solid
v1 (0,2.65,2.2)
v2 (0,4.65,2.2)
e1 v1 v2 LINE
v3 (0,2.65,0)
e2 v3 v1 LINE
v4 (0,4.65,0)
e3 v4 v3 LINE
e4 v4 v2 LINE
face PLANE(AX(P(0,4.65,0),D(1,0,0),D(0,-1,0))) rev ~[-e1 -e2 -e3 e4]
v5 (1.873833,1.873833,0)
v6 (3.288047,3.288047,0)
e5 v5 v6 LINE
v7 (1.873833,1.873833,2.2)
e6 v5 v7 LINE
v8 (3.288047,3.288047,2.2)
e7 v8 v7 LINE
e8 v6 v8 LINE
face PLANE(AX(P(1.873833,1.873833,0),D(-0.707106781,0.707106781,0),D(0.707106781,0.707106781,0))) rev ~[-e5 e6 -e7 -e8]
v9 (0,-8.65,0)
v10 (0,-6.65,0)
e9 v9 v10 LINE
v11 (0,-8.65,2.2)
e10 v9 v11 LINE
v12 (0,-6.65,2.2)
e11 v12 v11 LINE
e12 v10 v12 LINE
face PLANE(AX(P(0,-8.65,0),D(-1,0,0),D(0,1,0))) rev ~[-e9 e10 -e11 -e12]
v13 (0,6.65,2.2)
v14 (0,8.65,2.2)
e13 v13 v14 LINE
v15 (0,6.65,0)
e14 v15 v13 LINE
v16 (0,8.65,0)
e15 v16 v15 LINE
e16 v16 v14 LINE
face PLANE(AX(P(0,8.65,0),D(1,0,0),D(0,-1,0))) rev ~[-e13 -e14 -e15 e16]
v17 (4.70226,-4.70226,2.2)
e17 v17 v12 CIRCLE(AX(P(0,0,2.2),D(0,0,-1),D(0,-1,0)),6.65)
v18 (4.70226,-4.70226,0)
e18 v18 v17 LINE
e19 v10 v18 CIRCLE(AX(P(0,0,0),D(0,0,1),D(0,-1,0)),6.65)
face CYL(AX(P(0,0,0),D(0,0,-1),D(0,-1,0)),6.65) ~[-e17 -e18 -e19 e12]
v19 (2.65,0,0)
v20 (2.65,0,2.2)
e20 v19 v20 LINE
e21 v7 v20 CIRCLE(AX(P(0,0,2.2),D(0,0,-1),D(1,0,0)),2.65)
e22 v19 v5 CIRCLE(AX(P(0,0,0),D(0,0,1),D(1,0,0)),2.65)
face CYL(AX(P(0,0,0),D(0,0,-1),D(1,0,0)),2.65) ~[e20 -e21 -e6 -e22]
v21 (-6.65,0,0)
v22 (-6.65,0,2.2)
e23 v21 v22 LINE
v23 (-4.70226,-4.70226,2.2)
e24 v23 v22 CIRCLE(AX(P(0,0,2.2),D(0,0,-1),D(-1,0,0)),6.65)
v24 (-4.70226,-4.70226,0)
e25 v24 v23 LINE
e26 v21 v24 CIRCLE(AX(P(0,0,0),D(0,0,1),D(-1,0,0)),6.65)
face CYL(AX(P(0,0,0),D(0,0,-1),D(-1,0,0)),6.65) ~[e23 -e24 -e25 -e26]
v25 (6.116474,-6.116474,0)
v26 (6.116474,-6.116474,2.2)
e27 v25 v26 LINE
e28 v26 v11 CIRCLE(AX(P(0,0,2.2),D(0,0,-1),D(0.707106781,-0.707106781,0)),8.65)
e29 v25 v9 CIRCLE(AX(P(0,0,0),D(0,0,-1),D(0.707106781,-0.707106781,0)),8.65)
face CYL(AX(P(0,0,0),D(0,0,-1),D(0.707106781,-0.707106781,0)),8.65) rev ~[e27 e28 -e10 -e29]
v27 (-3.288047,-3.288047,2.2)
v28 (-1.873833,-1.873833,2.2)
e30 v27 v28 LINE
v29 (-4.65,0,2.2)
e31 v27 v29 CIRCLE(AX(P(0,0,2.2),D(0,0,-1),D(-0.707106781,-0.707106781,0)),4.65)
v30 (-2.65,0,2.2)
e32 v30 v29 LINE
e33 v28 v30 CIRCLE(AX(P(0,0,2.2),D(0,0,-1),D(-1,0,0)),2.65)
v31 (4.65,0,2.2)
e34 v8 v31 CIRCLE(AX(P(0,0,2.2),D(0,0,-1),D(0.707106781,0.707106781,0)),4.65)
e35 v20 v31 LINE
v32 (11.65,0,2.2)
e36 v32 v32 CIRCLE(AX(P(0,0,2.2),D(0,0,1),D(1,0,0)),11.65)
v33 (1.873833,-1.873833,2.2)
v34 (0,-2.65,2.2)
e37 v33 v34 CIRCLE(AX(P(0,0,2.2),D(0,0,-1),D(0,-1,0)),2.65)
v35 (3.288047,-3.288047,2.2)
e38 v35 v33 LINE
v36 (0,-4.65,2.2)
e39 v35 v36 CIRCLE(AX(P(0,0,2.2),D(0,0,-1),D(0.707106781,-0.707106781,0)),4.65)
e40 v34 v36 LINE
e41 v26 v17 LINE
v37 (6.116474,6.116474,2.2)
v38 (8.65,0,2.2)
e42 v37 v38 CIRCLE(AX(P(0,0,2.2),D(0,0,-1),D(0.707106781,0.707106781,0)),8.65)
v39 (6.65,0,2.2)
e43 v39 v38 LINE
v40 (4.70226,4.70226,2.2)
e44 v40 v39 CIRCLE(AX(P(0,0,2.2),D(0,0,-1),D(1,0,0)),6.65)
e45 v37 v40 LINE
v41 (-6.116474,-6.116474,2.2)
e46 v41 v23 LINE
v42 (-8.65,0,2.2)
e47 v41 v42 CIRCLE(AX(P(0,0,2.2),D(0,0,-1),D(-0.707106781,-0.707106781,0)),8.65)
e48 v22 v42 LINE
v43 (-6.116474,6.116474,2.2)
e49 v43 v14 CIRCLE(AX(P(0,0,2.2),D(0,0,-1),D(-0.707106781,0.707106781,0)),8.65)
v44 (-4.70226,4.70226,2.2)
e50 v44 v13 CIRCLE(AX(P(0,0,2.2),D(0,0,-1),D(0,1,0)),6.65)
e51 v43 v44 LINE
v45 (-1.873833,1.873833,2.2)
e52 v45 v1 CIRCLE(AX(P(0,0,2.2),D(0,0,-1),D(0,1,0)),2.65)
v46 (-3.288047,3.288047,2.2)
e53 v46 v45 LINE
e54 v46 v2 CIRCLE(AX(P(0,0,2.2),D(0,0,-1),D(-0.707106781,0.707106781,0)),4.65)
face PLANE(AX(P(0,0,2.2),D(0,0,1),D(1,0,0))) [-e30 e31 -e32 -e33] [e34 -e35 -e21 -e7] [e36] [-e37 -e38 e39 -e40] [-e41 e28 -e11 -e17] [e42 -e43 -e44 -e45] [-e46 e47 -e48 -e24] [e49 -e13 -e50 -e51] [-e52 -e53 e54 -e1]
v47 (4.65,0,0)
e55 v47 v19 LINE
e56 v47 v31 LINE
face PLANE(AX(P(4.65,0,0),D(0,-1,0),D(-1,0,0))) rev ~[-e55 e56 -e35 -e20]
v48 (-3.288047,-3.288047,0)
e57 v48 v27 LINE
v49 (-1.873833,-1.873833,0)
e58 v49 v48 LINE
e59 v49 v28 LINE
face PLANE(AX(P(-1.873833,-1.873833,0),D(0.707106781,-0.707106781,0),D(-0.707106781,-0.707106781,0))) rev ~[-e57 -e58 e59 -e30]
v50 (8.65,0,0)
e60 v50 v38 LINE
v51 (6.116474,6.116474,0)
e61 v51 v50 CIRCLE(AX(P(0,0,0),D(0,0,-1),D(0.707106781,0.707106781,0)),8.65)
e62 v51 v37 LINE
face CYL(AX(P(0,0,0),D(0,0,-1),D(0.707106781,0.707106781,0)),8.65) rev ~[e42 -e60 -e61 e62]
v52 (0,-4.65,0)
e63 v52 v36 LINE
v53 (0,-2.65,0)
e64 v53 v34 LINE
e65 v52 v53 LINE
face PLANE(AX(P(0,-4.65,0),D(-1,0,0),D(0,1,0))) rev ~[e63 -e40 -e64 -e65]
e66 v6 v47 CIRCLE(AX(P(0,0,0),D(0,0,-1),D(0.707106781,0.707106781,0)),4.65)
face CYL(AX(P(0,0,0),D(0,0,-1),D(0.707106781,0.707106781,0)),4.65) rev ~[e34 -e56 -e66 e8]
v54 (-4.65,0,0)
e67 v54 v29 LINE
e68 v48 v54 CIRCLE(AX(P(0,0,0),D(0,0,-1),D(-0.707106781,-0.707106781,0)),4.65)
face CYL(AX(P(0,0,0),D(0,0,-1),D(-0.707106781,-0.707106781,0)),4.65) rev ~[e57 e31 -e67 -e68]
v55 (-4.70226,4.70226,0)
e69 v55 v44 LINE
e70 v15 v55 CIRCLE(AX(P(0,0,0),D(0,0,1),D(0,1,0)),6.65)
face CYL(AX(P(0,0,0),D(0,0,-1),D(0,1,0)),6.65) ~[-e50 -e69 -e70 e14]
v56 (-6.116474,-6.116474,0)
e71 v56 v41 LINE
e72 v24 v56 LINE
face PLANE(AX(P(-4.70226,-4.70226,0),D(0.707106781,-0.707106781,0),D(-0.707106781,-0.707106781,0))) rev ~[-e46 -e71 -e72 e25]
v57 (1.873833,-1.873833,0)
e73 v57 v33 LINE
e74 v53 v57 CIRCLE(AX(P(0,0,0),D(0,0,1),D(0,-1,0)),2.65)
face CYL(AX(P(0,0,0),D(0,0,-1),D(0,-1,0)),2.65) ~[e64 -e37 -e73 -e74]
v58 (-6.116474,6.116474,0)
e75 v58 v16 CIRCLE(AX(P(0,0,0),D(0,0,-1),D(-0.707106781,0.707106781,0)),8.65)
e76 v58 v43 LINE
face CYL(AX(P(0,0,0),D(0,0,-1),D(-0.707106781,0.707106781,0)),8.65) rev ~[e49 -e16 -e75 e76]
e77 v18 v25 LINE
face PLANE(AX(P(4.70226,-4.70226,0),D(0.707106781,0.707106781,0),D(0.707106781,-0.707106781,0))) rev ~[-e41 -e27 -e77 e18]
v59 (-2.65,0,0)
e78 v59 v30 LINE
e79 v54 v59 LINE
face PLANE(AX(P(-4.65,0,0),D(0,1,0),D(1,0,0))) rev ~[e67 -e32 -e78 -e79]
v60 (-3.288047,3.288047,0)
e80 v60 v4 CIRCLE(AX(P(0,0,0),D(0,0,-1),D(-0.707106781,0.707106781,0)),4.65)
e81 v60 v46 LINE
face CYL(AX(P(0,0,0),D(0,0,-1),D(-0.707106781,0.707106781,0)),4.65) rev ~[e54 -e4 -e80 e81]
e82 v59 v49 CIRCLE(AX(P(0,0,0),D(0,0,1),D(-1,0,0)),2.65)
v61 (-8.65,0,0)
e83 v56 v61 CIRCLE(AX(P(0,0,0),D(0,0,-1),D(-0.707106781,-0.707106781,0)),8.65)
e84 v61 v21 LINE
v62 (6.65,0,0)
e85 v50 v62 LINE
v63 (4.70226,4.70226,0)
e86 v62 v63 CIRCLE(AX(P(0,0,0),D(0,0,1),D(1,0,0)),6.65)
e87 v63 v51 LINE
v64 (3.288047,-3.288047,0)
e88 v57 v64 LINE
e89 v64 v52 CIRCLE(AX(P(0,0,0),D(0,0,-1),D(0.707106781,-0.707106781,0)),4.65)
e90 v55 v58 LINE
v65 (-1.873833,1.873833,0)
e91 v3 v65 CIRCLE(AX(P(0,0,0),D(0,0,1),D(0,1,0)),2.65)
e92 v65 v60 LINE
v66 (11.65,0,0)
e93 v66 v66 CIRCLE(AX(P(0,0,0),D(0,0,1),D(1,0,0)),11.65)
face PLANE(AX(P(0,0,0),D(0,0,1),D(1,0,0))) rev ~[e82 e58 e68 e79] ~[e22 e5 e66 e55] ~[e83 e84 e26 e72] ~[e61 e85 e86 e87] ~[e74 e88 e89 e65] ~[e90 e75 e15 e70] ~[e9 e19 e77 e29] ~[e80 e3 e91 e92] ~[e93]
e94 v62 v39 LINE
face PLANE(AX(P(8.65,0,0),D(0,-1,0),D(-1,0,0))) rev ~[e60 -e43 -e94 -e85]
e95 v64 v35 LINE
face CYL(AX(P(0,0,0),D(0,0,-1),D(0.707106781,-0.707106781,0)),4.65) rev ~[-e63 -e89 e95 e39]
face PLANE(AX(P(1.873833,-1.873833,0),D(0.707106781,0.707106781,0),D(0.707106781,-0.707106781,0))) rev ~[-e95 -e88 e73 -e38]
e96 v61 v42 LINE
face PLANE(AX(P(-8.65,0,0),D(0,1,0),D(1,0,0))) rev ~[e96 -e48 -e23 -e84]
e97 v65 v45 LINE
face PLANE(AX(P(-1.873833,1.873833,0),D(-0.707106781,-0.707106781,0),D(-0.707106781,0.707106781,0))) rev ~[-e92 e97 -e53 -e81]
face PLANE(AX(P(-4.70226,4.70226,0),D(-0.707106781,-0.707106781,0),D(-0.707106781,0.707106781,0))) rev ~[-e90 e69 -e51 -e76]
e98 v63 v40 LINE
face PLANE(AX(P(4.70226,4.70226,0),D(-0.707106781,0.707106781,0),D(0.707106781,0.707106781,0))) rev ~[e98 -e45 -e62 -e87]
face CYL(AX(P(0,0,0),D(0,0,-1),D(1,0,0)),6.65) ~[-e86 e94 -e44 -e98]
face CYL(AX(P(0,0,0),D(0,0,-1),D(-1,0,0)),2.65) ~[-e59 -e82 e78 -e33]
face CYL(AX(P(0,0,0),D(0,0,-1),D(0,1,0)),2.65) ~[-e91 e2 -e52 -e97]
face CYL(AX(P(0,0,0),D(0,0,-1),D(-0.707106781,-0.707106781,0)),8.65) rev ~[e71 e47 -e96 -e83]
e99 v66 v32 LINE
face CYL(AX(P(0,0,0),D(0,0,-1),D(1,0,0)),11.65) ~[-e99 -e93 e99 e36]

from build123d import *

# Parameters (mm, degrees)
F0_R     = 11.65
F1_DEPTH = 2.2
F3_DEPTH = 25


with BuildPart() as f1:
    # F0 (on Top) → F1 (new body)
    with BuildSketch(Plane.XY):
        Circle(F0_R)
    extrude(amount=F1_DEPTH)

    # F2 (on face) → F3 (cut)
    with BuildSketch(Plane(origin=(0, 0, 0), x_dir=(1, 0, 0), z_dir=(0, 0, -1))):
        with BuildLine():
            ThreePointArc((-6.1164736573, -6.1164736573), (-3.31021169, -7.9915579562), (0, -8.65))
            Line((0, -8.65), (0, -6.65))
            ThreePointArc((0, -6.65), (-2.5448448252, -6.1437988912), (-4.7022600949, -4.7022600949))
            Line((-4.7022600949, -4.7022600949), (-6.1164736573, -6.1164736573))
        make_face()
        with BuildLine():
            ThreePointArc((-3.2880465325, -3.2880465325), (-1.7794779605, -4.2960398262), (0, -4.65))
            Line((0, -4.65), (0, -2.65))
            ThreePointArc((0, -2.65), (-1.0141110958, -2.4482807612), (-1.8738329701, -1.8738329701))
            Line((-1.8738329701, -1.8738329701), (-3.2880465325, -3.2880465325))
        make_face()
        with BuildLine():
            ThreePointArc((6.1164736573, -6.1164736573), (7.9915579562, -3.31021169), (8.65, 0))
            Line((8.65, 0), (6.65, 0))
            ThreePointArc((6.65, 0), (6.1437988912, -2.5448448252), (4.7022600949, -4.7022600949))
            Line((4.7022600949, -4.7022600949), (6.1164736573, -6.1164736573))
        make_face()
        with BuildLine():
            ThreePointArc((3.2880465325, -3.2880465325), (4.2960398262, -1.7794779605), (4.65, 0))
            Line((4.65, 0), (2.65, 0))
            ThreePointArc((2.65, 0), (2.4482807612, -1.0141110958), (1.8738329701, -1.8738329701))
            Line((1.8738329701, -1.8738329701), (3.2880465325, -3.2880465325))
        make_face()
        with BuildLine():
            Line((4.7022600949, 4.7022600949), (6.1164736573, 6.1164736573))
            ThreePointArc((6.1164736573, 6.1164736573), (3.31021169, 7.9915579562), (0, 8.65))
            Line((0, 8.65), (0, 6.65))
            ThreePointArc((0, 6.65), (2.5448448252, 6.1437988912), (4.7022600949, 4.7022600949))
        make_face()
        with BuildLine():
            Line((1.8738329701, 1.8738329701), (3.2880465325, 3.2880465325))
            ThreePointArc((3.2880465325, 3.2880465325), (1.7794779605, 4.2960398262), (0, 4.65))
            Line((0, 4.65), (0, 2.65))
            ThreePointArc((0, 2.65), (1.0141110958, 2.4482807612), (1.8738329701, 1.8738329701))
        make_face()
        with BuildLine():
            Line((-1.8738329701, 1.8738329701), (-3.2880465325, 3.2880465325))
            ThreePointArc((-3.2880465325, 3.2880465325), (-4.2960398262, 1.7794779605), (-4.65, 0))
            Line((-4.65, 0), (-2.65, 0))
            ThreePointArc((-2.65, 0), (-2.4482807612, 1.0141110958), (-1.8738329701, 1.8738329701))
        make_face()
        with BuildLine():
            Line((-4.7022600949, 4.7022600949), (-6.1164736573, 6.1164736573))
            ThreePointArc((-6.1164736573, 6.1164736573), (-7.9915579562, 3.31021169), (-8.65, 0))
            Line((-8.65, 0), (-6.65, 0))
            ThreePointArc((-6.65, 0), (-6.1437988912, 2.5448448252), (-4.7022600949, 4.7022600949))
        make_face()
    extrude(amount=-F3_DEPTH, mode=Mode.SUBTRACT)


solid = f1.part
